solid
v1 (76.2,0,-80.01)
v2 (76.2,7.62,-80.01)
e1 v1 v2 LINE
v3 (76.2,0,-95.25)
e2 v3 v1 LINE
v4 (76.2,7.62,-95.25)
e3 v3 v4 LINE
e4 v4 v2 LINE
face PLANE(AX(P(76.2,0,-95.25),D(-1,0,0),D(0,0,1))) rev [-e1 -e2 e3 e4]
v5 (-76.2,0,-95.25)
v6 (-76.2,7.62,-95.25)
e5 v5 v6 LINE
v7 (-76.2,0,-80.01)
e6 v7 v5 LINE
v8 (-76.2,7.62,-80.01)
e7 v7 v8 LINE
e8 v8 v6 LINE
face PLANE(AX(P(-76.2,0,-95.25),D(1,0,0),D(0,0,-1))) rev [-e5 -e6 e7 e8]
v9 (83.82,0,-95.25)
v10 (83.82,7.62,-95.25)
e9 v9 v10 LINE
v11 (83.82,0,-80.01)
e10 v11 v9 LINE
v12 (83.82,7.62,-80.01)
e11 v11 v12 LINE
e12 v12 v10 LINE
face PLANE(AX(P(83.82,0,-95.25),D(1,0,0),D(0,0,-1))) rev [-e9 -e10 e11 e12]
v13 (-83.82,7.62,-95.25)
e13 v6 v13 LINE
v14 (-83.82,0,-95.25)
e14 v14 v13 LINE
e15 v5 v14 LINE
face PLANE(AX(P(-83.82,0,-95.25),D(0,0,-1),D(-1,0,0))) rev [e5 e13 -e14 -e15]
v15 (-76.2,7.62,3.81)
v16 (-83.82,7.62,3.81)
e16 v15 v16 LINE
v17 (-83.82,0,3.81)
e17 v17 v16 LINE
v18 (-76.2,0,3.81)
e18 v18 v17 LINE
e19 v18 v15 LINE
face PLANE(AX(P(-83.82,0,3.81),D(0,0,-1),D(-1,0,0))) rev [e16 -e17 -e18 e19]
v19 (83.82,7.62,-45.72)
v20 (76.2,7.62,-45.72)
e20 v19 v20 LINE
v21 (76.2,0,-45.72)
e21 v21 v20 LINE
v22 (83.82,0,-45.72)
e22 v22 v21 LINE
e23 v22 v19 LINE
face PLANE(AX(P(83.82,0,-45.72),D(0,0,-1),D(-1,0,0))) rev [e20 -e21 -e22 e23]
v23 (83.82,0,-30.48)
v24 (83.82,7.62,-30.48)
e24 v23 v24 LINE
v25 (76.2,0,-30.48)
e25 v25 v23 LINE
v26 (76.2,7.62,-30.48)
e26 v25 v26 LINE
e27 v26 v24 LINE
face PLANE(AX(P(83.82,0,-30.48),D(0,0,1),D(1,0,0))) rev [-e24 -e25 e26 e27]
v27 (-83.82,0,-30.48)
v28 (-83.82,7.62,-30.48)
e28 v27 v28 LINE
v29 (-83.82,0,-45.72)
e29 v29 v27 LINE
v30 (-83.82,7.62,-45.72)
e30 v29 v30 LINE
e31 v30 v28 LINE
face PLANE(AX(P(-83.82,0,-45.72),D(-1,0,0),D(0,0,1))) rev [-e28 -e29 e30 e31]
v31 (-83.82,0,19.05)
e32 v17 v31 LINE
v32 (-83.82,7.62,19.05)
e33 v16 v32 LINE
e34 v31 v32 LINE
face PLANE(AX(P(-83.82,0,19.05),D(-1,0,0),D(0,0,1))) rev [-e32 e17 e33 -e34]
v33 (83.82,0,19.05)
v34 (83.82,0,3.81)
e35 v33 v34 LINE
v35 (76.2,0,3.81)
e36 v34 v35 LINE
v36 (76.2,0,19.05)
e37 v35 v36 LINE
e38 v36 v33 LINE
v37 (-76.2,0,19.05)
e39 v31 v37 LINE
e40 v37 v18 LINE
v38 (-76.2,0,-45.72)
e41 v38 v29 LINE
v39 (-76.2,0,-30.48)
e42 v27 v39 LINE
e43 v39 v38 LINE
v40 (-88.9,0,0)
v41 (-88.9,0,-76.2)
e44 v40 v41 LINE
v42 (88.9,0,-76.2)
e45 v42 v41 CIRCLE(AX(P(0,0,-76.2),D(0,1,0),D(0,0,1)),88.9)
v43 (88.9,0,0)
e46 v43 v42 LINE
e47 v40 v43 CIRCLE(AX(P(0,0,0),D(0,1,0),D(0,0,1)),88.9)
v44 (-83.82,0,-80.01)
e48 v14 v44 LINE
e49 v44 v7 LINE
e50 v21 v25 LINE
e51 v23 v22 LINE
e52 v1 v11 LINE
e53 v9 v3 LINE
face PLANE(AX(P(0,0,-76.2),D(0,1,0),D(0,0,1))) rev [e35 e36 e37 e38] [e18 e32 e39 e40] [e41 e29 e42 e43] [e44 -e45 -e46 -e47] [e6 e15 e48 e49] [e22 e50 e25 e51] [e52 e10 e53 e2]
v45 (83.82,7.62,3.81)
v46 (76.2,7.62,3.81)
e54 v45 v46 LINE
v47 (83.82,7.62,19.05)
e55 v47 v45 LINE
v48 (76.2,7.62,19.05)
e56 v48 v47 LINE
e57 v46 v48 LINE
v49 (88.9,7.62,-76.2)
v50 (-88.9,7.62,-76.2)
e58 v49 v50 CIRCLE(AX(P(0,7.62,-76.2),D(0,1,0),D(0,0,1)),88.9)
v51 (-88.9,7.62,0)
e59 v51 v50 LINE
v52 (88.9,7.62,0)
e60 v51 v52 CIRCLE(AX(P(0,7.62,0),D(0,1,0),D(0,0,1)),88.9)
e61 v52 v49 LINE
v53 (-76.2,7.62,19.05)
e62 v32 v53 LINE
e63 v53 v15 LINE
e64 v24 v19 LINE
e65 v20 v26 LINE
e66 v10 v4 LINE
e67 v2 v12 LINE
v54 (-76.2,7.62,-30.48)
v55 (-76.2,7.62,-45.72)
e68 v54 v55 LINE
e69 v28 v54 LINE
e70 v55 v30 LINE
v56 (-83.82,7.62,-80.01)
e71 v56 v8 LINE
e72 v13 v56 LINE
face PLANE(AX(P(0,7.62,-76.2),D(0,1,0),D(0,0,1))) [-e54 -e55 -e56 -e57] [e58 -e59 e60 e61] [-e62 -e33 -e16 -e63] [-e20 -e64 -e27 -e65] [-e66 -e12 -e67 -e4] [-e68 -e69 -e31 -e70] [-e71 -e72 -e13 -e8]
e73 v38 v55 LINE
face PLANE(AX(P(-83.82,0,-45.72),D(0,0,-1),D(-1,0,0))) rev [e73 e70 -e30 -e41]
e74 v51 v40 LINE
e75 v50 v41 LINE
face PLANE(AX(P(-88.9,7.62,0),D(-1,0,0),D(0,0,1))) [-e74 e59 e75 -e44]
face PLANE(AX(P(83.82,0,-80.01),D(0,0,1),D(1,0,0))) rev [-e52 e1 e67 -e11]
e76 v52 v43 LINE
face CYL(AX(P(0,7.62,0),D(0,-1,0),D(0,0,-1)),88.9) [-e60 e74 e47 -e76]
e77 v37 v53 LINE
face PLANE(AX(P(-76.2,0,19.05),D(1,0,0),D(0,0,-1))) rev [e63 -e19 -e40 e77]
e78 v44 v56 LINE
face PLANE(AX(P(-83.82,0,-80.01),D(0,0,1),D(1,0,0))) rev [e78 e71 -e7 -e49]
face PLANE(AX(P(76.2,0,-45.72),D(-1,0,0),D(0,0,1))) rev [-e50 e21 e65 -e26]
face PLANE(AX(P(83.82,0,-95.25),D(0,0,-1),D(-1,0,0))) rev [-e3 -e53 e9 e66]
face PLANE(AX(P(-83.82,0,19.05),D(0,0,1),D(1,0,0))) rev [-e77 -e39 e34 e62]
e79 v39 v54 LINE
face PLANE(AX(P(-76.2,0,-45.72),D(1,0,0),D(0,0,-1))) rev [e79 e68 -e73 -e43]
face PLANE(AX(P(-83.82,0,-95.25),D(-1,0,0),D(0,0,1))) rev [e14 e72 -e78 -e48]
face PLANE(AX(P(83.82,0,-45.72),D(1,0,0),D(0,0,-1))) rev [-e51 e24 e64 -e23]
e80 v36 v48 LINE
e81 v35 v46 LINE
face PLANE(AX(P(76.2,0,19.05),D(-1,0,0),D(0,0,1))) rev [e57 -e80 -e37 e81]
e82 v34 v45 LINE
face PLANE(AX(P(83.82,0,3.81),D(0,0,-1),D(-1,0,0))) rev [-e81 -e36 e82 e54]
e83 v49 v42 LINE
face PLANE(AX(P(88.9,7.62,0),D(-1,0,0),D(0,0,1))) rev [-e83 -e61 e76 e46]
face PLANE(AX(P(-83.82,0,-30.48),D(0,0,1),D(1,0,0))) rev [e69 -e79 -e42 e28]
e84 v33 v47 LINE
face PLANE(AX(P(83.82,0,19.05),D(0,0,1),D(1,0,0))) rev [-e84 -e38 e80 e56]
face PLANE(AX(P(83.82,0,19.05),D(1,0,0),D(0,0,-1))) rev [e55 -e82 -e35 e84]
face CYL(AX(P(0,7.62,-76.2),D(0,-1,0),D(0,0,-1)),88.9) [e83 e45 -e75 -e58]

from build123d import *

# Parameters (mm, degrees)
BOSS_EXTRUDE1_DEPTH = 7.62
SKETCH5_W           = 7.62
SKETCH5_H           = 15.24
CUT_EXTRUDE5_DEPTH  = 8.62


with BuildPart() as part:
    # Sketch1 → Boss-Extrude1 (new body)
    with BuildSketch(Plane(origin=(0, 0, 0), x_dir=(1, 0, 0), z_dir=(0, 1, 0))):
        with BuildLine():
            Line((-88.9, 0), (-88.9, 76.2))
            ThreePointArc((-88.9, 76.2), (0, 165.1), (88.9, 76.2))
            Line((88.9, 76.2), (88.9, 0))
            ThreePointArc((88.9, 0), (0, -88.9), (-88.9, 0))
        make_face()
    extrude(amount=BOSS_EXTRUDE1_DEPTH)

    # Sketch5 → Cut-Extrude5 (cut, through all)
    with BuildSketch(Plane(origin=(0, 7.62, 0), x_dir=(1, 0, 0), z_dir=(0, 1, 0))):
        with Locations((80.01, -11.43)):
            Rectangle(SKETCH5_W, SKETCH5_H)
        with Locations((-80.01, -11.43)):
            Rectangle(SKETCH5_W, SKETCH5_H)
        with Locations((-80.01, 87.63)):
            Rectangle(SKETCH5_W, SKETCH5_H)
        with Locations((80.01, 87.63)):
            Rectangle(SKETCH5_W, SKETCH5_H)
        with Locations((80.01, 38.1)):
            Rectangle(SKETCH5_W, SKETCH5_H)
        with Locations((-80.01, 38.1)):
            Rectangle(SKETCH5_W, SKETCH5_H)
    extrude(amount=-CUT_EXTRUDE5_DEPTH, mode=Mode.SUBTRACT)


solid = part.part
